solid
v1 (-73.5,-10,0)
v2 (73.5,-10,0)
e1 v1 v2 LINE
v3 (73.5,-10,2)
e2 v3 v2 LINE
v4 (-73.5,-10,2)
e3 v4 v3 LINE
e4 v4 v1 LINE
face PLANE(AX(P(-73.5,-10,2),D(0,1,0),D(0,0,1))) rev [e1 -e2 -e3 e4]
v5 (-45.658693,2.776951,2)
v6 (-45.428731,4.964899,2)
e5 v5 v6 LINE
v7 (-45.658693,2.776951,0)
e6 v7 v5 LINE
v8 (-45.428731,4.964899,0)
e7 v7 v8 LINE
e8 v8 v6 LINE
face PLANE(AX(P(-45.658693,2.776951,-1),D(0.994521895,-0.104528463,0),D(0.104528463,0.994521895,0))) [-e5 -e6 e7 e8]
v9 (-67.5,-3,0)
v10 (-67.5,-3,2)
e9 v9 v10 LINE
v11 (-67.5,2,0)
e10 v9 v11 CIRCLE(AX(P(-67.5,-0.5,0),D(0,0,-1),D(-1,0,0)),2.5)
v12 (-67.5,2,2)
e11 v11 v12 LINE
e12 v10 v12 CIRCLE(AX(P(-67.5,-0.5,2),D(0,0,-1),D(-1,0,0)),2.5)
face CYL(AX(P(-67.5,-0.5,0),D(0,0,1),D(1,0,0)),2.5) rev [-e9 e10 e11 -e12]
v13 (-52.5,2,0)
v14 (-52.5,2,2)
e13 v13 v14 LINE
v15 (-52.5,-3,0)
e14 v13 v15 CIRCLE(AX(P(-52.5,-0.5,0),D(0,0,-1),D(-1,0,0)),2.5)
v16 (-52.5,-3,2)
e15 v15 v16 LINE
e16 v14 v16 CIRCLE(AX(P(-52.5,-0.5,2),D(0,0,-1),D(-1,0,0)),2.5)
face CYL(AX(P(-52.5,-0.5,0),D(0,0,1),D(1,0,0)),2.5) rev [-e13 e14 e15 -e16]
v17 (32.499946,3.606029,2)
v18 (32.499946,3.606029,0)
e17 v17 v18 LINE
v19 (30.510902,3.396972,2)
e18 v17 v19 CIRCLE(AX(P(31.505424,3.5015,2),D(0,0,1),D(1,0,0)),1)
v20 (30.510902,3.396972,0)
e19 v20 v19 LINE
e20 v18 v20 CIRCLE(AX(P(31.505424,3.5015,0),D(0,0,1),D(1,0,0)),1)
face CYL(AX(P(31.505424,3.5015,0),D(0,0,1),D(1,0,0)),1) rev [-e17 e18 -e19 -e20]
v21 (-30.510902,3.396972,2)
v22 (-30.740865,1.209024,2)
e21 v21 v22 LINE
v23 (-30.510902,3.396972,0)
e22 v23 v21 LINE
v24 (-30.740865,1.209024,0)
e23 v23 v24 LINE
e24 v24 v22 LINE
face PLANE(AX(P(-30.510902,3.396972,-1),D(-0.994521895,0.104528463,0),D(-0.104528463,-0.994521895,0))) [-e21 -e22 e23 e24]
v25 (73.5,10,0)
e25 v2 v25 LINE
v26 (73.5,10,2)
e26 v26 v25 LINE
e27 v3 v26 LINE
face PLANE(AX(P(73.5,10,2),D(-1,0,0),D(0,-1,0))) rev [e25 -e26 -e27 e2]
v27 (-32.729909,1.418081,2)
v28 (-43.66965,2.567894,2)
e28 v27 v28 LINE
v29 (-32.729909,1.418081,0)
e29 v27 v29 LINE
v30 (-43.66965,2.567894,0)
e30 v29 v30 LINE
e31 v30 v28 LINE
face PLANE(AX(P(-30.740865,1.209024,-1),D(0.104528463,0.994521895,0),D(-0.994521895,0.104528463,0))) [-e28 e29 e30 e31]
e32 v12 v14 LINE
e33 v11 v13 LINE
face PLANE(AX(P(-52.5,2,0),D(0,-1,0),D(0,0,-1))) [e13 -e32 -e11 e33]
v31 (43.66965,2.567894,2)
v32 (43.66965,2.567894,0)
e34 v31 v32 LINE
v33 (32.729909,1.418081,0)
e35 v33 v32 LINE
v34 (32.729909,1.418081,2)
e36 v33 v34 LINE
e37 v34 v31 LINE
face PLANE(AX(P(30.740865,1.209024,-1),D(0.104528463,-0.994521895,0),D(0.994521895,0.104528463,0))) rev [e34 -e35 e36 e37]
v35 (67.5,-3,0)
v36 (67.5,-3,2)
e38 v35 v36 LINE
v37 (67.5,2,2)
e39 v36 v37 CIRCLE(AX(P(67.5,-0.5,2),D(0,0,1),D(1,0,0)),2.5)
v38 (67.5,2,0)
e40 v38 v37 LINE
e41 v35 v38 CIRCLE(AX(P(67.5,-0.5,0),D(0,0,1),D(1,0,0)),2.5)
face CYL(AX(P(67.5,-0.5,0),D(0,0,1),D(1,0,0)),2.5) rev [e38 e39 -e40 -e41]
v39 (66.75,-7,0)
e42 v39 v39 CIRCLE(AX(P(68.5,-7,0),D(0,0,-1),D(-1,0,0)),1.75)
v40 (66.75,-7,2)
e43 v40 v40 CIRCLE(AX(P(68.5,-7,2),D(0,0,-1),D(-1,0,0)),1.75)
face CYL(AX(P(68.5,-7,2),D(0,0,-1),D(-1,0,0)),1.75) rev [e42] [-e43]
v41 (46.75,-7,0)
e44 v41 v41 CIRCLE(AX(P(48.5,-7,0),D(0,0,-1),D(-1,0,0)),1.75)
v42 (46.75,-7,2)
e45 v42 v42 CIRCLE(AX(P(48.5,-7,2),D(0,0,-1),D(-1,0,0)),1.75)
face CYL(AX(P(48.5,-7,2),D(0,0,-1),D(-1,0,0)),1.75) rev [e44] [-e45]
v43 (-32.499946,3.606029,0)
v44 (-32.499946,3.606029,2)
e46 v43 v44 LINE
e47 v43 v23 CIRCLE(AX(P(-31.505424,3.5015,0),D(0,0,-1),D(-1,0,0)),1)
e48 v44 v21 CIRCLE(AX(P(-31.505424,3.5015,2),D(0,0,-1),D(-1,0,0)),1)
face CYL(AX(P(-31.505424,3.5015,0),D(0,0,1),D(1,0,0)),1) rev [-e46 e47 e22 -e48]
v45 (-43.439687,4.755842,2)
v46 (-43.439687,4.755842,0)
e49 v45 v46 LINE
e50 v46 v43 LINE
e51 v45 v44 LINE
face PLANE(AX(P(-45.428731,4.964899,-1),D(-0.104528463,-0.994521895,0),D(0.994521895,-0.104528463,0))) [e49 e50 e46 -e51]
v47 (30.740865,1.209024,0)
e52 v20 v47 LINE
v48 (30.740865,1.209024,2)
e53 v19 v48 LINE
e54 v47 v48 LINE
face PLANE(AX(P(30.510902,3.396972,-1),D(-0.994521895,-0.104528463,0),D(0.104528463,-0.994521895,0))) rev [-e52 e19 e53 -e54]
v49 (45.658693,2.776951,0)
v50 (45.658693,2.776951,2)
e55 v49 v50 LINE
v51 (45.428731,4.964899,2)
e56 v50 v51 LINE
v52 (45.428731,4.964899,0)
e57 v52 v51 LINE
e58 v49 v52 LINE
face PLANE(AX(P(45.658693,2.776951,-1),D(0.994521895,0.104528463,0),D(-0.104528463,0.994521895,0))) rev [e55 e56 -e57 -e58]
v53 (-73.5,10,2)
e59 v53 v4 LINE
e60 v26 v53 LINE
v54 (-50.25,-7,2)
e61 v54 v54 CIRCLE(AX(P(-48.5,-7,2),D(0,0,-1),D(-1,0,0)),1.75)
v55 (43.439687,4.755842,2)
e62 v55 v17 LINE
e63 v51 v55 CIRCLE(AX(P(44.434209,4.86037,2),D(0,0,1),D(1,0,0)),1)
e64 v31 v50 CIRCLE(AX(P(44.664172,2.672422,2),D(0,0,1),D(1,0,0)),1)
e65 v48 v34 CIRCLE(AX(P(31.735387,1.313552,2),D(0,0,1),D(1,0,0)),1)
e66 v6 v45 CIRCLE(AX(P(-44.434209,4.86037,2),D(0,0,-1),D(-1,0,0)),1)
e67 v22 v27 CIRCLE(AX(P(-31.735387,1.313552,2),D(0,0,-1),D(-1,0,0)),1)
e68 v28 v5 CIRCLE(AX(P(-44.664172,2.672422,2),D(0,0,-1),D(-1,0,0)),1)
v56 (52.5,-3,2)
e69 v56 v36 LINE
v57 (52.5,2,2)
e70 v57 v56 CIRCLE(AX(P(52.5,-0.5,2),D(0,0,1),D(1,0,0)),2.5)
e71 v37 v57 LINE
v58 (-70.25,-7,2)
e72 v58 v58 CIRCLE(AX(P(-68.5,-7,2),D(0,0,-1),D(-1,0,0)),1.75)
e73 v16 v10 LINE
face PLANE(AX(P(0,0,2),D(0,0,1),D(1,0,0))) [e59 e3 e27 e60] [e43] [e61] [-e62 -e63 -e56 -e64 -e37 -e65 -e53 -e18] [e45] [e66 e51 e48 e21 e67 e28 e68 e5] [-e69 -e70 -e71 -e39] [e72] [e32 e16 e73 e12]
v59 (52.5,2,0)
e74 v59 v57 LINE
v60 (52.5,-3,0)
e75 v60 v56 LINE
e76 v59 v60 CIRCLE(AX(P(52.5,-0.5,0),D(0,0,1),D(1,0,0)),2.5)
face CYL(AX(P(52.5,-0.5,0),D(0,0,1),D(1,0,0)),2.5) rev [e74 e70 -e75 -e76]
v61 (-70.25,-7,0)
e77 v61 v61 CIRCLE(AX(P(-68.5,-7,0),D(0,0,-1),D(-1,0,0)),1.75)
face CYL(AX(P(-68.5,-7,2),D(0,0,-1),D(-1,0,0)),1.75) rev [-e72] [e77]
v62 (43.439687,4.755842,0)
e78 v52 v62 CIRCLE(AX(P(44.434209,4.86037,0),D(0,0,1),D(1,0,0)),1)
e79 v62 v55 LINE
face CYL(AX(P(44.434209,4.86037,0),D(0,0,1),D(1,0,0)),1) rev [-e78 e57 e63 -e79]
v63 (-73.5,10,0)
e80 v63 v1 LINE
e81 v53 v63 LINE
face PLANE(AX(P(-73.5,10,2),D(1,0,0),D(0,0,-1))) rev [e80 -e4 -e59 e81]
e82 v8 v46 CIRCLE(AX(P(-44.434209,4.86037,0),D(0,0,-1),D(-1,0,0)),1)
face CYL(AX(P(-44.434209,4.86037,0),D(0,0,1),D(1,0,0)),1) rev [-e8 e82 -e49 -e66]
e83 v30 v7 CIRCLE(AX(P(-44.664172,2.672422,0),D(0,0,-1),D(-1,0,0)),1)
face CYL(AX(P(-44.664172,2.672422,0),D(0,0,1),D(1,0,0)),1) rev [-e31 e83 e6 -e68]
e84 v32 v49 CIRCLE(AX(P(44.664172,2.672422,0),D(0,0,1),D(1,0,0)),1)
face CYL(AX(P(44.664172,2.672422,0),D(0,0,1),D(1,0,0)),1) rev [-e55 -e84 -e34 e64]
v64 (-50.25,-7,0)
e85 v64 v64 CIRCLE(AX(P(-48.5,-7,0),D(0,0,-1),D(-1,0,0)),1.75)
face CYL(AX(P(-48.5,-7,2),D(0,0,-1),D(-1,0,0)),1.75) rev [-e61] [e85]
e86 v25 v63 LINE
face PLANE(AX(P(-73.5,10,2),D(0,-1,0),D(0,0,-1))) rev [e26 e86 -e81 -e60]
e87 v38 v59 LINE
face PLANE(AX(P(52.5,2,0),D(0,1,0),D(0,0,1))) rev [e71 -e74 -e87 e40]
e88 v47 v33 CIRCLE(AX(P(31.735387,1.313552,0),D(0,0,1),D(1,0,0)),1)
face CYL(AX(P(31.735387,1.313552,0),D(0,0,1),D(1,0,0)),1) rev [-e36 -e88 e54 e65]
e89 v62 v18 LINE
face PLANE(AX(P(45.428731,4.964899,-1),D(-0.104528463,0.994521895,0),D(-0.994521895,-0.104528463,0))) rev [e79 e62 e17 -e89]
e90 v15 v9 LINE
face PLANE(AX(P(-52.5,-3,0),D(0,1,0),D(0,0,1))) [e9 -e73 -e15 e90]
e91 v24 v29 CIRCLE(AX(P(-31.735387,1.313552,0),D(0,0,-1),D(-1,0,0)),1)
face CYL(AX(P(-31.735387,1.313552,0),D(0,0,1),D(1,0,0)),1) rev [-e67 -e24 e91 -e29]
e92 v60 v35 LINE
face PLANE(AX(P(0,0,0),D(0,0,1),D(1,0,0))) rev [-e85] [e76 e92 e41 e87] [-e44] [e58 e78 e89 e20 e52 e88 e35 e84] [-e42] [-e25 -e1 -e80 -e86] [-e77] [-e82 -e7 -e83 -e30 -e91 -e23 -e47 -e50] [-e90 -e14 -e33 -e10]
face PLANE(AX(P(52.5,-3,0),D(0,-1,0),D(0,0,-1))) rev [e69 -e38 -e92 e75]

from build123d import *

# Parameters (mm, degrees)
SKETCH_1_W          = 147
SKETCH_1_H          = 20
EXTRUDE_1_DEPTH     = 2
CUT_EXTRUDE_1_DEPTH = 3
SKETCH_3_R          = 1
CUT_EXTRUDE_2_DEPTH = 3
SKETCH_4_R          = 1.75
CUT_EXTRUDE_3_DEPTH = 3
CUT_EXTRUDE_4_DEPTH = 3


with BuildPart() as part:
    # 草图1 → 凸台-拉伸1 (new body)
    with BuildSketch(Plane.XY):
        Rectangle(SKETCH_1_W, SKETCH_1_H)
    extrude(amount=EXTRUDE_1_DEPTH)

    # 草图2 → 切除-拉伸1 (cut)
    with BuildSketch(Plane.XY.offset(2)):
        Polygon((30.510902349, 3.396971992), (30.740864968, 1.209023822), (45.658693398, 2.776950771), (45.428730779, 4.964898941), align=None)
    cut_extrude_1 = extrude(amount=-CUT_EXTRUDE_1_DEPTH, mode=Mode.SUBTRACT)

    # 草图3 → 切除-拉伸2 (cut, through all)
    with BuildSketch(Plane.XY.offset(2)):
        with Locations((31.505424244, 3.501500455)):
            Circle(SKETCH_3_R)
        with Locations((31.735386863, 1.313552286)):
            Circle(SKETCH_3_R)
        with Locations((44.434208884, 4.860370478)):
            Circle(SKETCH_3_R)
        with Locations((44.664171503, 2.672422308)):
            Circle(SKETCH_3_R)
    cut_extrude_2 = extrude(amount=-CUT_EXTRUDE_2_DEPTH, mode=Mode.SUBTRACT)

    # 镜向1: 切除-拉伸1, 切除-拉伸2 across plane
    add(cut_extrude_1.mirror(Plane(origin=(0, 0, 0), x_dir=(0, 0, 1), z_dir=(1, 0, 0))), mode=Mode.SUBTRACT)
    add(cut_extrude_2.mirror(Plane(origin=(0, 0, 0), x_dir=(0, 0, 1), z_dir=(1, 0, 0))), mode=Mode.SUBTRACT)

    # 草图4 → 切除-拉伸3 (cut, through all)
    with BuildSketch(Plane(origin=(0, 0, 0), x_dir=(-1, 0, 0), z_dir=(0, 0, -1))):
        with Locations((68.5, -7)):
            Circle(SKETCH_4_R)
        with Locations((48.5, -7)):
            Circle(SKETCH_4_R)
        with Locations((-48.5, -7)):
            Circle(SKETCH_4_R)
        with Locations((-68.5, -7)):
            Circle(SKETCH_4_R)
    extrude(amount=-CUT_EXTRUDE_3_DEPTH, mode=Mode.SUBTRACT)

    # 草图5 → 切除-拉伸4 (cut, through all)
    with BuildSketch(Plane.XY.offset(2)):
        with BuildLine():
            Line((52.5, 2), (67.5, 2))
            ThreePointArc((67.5, 2), (70, -0.5), (67.5, -3))
            Line((67.5, -3), (52.5, -3))
            ThreePointArc((52.5, -3), (50, -0.5), (52.5, 2))
        make_face()
    cut_extrude_4 = extrude(amount=-CUT_EXTRUDE_4_DEPTH, mode=Mode.SUBTRACT)

    # 镜向2: 切除-拉伸4 across plane
    add(cut_extrude_4.mirror(Plane(origin=(0, 0, 0), x_dir=(0, 0, 1), z_dir=(1, 0, 0))), mode=Mode.SUBTRACT)


solid = part.part
